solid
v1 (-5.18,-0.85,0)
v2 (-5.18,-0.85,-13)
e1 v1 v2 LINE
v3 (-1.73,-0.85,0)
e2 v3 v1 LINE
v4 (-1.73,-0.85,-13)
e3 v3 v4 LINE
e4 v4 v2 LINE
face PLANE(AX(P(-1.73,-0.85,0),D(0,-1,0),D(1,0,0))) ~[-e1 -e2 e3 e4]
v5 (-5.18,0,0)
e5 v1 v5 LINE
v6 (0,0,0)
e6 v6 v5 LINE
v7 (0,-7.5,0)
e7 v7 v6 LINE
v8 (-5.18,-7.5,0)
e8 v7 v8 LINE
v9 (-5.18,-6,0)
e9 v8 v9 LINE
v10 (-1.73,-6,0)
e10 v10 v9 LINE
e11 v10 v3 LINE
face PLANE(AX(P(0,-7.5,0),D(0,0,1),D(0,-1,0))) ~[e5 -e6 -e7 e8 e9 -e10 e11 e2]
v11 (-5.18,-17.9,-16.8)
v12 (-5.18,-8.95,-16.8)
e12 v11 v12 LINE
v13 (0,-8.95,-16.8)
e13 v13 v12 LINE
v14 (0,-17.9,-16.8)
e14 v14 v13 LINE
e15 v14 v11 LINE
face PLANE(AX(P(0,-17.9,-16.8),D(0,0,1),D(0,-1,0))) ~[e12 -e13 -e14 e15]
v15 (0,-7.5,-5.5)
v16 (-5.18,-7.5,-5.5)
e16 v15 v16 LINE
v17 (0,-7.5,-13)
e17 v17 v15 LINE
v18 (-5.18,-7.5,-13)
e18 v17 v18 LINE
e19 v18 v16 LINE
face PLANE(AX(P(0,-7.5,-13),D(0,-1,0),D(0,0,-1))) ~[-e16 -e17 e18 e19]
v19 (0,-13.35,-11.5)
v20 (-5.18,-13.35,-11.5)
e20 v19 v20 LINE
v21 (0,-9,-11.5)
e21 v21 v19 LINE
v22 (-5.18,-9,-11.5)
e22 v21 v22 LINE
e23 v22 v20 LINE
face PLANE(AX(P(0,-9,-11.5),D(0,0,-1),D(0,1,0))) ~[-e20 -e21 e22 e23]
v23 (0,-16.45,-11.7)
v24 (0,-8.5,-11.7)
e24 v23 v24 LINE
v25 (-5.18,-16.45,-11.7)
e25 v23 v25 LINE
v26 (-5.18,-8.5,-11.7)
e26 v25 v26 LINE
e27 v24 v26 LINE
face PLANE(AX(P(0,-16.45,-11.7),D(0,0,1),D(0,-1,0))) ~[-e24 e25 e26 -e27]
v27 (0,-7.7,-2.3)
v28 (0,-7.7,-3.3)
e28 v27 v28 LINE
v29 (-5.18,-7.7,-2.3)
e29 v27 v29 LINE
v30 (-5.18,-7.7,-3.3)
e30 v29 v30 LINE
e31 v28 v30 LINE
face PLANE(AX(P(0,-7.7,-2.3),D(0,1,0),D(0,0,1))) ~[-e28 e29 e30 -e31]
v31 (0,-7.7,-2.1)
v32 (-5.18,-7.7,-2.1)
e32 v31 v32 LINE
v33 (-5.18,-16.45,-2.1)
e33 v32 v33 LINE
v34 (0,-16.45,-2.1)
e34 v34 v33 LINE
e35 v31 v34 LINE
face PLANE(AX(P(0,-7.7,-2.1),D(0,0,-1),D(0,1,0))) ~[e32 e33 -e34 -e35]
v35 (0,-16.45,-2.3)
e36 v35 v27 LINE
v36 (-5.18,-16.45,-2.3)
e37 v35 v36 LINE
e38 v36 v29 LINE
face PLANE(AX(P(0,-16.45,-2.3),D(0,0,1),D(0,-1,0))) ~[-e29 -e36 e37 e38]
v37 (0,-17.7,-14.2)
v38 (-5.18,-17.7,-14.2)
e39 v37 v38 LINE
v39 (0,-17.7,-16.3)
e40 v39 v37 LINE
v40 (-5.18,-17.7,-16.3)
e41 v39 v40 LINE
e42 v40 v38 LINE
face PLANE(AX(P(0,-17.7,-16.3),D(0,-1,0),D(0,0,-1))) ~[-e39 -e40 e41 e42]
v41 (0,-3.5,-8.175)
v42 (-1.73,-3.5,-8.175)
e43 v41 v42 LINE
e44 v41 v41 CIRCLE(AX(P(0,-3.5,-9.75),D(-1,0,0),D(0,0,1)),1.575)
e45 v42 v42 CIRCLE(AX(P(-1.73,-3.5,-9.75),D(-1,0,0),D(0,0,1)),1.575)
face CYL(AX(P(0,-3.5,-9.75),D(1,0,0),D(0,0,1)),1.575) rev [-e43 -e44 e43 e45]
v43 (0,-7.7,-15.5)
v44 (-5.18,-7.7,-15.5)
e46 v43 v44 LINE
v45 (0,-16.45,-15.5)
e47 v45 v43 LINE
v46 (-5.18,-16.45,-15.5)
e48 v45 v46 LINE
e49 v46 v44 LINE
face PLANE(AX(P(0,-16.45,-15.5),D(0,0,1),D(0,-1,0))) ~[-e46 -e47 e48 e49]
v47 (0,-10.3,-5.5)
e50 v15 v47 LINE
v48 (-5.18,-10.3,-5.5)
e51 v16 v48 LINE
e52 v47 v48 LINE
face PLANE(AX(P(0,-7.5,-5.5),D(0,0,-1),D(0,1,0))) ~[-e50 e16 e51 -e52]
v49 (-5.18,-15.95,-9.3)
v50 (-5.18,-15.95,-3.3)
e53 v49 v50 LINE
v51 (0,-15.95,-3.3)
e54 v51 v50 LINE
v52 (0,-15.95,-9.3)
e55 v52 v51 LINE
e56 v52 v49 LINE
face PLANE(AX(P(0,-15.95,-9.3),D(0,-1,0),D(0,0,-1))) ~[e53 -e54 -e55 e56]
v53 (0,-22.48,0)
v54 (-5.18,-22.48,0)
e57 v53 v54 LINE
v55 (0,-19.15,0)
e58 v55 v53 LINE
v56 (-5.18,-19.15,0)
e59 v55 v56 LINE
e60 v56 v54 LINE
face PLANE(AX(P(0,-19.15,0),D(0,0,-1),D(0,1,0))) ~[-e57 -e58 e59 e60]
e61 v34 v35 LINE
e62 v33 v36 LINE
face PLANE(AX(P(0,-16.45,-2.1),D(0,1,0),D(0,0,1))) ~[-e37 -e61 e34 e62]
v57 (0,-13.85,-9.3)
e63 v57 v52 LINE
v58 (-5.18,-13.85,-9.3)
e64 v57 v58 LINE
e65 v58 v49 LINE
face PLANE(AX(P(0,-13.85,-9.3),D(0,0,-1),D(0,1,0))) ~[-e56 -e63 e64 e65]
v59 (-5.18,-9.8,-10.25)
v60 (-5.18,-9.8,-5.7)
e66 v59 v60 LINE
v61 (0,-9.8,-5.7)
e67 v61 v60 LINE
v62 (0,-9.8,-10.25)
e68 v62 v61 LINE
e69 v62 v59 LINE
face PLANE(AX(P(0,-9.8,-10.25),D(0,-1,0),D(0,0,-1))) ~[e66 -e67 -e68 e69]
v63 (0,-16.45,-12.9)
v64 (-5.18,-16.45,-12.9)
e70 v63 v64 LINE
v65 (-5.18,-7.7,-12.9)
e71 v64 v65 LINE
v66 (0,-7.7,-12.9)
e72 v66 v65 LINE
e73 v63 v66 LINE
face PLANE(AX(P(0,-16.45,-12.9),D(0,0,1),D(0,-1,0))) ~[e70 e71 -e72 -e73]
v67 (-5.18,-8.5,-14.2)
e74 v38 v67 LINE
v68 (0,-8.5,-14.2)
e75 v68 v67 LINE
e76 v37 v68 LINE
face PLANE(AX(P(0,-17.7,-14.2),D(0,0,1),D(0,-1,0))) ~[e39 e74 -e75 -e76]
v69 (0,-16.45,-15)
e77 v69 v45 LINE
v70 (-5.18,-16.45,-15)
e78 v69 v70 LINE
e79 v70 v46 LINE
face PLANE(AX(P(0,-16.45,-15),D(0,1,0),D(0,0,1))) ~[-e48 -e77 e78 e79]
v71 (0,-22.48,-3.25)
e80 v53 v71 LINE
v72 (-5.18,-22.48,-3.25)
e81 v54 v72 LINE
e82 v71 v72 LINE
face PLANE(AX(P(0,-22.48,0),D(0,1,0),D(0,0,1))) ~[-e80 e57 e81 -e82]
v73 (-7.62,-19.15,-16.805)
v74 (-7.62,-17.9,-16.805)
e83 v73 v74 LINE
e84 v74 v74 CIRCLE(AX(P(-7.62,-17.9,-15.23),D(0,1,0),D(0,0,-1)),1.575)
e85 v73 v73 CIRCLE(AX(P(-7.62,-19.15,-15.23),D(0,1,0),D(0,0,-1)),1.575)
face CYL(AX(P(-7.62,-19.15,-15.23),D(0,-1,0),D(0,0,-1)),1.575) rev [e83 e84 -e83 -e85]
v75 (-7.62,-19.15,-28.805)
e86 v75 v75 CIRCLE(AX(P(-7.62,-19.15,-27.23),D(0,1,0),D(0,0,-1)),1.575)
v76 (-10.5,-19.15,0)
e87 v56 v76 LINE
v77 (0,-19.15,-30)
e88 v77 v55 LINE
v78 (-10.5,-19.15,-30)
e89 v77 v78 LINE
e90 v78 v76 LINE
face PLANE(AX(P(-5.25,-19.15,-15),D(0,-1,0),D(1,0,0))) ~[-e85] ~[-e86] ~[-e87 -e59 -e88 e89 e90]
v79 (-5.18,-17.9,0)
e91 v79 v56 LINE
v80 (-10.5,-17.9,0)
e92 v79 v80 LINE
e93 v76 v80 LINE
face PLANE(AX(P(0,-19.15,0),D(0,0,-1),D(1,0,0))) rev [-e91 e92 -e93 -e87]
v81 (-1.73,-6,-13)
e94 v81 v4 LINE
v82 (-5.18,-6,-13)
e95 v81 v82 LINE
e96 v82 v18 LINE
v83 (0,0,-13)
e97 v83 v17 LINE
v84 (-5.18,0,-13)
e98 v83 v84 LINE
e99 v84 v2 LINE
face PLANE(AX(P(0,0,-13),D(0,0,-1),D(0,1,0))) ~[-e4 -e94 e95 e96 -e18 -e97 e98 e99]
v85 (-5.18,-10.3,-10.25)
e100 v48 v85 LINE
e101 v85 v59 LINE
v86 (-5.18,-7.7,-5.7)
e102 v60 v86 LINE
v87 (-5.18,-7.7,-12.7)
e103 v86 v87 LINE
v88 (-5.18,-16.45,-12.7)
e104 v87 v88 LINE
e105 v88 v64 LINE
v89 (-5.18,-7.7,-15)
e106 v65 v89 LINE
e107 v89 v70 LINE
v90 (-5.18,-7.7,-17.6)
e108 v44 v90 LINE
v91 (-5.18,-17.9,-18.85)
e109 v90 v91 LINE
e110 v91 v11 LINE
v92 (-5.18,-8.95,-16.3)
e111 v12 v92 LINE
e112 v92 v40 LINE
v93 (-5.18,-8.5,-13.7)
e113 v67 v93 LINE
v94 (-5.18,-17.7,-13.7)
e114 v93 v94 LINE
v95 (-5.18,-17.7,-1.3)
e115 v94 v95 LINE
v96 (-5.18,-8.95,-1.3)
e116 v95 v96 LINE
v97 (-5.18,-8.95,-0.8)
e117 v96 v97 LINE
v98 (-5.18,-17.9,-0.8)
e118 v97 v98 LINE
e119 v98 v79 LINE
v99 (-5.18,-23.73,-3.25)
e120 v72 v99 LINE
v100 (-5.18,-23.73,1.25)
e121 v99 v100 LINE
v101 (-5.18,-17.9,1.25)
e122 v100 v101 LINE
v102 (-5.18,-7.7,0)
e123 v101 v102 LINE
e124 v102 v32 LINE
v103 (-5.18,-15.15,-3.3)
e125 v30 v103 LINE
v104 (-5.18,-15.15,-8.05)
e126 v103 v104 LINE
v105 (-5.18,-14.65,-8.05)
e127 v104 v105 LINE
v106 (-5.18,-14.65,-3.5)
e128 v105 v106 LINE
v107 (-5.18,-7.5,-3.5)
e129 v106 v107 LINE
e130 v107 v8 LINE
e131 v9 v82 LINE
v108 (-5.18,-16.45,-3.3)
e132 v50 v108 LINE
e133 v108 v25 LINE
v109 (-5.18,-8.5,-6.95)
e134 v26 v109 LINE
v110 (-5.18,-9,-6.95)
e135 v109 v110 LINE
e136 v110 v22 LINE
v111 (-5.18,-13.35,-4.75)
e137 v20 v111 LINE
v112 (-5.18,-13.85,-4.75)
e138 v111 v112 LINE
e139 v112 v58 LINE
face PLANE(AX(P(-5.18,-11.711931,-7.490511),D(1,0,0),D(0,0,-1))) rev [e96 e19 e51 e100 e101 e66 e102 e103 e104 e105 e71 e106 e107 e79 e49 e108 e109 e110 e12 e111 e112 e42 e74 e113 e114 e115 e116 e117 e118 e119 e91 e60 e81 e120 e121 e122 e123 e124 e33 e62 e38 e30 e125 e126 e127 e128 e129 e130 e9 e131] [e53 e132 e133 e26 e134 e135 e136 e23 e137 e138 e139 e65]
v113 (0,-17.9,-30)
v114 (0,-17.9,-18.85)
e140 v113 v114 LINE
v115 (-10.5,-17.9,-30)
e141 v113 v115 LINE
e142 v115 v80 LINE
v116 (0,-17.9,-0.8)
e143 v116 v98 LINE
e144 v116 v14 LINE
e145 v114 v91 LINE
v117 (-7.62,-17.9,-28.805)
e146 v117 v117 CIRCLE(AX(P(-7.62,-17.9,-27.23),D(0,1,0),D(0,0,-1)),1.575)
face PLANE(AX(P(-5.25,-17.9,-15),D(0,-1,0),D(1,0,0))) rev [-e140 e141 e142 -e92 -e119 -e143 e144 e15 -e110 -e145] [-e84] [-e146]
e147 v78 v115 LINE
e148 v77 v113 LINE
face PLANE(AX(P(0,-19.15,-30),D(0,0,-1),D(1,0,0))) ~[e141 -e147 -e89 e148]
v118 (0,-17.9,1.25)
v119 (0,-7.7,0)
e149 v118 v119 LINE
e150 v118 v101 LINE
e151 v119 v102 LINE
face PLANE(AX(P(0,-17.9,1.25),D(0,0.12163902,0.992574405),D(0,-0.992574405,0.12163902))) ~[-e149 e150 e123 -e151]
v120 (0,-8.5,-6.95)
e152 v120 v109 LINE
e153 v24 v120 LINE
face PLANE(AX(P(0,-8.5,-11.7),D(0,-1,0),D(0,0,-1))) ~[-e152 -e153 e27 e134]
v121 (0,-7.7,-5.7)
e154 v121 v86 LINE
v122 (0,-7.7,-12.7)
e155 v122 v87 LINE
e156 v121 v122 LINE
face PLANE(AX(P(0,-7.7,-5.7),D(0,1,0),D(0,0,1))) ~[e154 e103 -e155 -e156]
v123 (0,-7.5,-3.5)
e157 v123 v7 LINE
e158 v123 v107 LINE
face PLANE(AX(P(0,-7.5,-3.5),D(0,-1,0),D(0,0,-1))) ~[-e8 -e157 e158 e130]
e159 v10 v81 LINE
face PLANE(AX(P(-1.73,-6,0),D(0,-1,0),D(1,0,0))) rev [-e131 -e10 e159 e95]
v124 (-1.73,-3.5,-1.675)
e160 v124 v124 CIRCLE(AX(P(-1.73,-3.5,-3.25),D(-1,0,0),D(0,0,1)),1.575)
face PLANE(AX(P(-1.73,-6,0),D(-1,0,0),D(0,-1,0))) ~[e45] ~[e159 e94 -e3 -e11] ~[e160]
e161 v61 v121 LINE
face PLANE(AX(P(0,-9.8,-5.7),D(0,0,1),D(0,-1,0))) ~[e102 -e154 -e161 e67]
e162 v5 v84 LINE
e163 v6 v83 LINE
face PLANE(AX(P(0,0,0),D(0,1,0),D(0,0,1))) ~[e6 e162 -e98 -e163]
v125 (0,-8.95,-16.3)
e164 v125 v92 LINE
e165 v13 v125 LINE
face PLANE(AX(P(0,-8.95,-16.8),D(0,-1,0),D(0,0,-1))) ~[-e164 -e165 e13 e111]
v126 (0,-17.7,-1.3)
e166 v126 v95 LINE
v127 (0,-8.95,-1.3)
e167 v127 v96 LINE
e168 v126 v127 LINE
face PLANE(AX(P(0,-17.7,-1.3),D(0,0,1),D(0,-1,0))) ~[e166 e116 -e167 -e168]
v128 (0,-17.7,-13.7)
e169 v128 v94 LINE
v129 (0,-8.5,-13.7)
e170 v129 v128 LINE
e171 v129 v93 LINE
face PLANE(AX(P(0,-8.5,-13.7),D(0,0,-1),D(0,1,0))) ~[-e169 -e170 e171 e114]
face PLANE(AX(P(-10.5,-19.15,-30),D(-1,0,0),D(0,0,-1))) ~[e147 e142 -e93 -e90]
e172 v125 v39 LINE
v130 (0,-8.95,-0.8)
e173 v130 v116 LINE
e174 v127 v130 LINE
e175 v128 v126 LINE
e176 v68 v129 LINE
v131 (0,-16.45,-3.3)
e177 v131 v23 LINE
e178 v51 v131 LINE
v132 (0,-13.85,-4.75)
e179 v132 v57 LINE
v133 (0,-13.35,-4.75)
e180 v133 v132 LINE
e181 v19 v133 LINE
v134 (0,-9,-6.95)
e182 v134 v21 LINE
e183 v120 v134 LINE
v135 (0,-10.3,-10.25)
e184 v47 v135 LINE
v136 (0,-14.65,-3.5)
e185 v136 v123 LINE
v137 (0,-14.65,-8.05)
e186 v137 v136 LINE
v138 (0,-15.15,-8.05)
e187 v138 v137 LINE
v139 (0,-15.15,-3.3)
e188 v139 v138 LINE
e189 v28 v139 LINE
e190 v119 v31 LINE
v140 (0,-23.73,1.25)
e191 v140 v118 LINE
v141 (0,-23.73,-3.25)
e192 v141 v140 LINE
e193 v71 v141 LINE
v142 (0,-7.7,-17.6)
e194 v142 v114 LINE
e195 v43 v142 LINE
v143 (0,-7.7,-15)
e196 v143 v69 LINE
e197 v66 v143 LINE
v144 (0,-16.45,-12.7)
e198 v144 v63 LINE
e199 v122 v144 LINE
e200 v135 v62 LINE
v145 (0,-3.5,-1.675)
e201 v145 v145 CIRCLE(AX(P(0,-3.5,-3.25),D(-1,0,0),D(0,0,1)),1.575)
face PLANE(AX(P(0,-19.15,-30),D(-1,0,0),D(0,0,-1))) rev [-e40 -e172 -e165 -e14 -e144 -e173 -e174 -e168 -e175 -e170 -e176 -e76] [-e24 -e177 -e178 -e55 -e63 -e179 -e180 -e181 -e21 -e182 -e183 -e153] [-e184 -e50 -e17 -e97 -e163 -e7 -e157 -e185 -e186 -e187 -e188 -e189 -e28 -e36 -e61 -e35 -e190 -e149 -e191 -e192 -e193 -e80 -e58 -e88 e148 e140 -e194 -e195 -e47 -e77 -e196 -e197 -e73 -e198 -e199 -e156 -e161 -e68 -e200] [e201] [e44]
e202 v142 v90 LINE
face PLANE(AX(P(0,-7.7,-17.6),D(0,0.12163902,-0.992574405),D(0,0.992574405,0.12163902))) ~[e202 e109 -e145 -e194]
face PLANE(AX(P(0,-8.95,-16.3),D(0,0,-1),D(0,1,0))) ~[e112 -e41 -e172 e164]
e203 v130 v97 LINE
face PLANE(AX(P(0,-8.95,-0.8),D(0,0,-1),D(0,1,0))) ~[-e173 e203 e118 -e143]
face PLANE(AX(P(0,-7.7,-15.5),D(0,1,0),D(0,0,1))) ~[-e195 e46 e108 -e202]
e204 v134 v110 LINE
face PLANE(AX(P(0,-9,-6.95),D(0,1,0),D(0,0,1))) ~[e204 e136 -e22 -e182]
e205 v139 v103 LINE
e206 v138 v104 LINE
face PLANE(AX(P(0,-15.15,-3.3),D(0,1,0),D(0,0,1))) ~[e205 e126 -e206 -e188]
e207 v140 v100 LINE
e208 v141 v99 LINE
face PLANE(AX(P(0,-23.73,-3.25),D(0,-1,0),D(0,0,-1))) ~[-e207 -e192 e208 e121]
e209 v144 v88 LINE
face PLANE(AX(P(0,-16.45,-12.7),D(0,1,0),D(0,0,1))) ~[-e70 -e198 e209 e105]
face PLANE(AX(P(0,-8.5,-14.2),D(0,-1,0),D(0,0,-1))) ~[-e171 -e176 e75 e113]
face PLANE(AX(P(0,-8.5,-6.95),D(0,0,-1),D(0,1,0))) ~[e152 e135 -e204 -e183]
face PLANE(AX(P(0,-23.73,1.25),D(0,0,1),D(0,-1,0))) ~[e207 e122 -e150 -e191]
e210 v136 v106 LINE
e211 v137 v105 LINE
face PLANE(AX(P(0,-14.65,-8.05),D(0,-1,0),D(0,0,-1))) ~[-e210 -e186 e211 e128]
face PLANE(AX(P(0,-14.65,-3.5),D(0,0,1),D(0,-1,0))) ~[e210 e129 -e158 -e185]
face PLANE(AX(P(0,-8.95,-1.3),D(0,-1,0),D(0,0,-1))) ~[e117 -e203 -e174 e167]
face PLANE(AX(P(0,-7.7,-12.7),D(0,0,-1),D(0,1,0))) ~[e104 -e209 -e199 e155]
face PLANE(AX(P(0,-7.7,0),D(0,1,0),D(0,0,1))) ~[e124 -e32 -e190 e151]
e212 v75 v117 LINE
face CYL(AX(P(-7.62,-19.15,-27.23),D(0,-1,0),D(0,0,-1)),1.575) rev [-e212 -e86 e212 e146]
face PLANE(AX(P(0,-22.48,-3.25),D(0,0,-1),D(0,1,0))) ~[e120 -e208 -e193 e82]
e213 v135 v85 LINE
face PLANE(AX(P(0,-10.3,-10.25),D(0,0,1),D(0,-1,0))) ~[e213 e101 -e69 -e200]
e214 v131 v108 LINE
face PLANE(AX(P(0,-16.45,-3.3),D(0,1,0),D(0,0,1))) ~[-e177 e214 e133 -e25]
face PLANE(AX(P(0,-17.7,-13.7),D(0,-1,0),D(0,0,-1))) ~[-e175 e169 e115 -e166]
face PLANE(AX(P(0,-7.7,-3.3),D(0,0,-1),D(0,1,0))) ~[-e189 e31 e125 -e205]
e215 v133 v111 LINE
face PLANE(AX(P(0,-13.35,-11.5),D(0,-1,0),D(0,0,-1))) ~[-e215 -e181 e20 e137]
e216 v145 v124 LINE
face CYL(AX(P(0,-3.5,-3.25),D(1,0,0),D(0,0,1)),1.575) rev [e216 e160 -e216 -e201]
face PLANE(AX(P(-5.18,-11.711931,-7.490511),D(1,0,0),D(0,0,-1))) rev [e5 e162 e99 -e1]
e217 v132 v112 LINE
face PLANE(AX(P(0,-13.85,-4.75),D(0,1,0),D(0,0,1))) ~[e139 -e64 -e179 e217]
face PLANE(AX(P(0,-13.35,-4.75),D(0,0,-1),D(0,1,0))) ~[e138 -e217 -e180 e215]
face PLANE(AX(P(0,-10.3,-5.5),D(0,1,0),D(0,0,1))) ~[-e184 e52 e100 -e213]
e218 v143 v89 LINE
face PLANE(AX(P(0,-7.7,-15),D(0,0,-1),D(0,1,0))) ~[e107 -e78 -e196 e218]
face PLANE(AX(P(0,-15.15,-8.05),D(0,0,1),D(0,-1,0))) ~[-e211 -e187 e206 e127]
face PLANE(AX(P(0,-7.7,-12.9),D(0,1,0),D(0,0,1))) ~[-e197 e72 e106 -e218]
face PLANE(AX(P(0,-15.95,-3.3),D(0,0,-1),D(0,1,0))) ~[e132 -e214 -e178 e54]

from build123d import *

# Parameters (mm, degrees)
BOSS_EXTRUDE1_DEPTH = 5.18
CUT_EXTRUDE1_REACH  = 32.745
SKETCH2_W           = 3.45
SKETCH2_H           = 5.15
SKETCH3_W           = 10.5
SKETCH3_H           = 30
SKETCH3_R           = 1.575
BOSS_EXTRUDE2_DEPTH = 1.25
CUT_EXTRUDE3_REACH  = 41.666
SKETCH7_R           = 1.575


with BuildPart() as part:
    # Sketch1 → Boss-Extrude1 (new body)
    with BuildSketch(Plane(origin=(0, 0, 0), x_dir=(0, 0, -1), z_dir=(1, 0, 0))):
        Polygon((0, 0), (13, 0), (13, -7.5), (5.5, -7.5), (5.5, -10.3), (10.25, -10.3), (10.25, -9.8), (5.7, -9.8), (5.7, -7.7), (12.7, -7.7), (12.7, -16.45), (12.9, -16.45), (12.9, -7.7), (15, -7.7), (15, -16.45), (15.5, -16.45), (15.5, -7.7), (17.6, -7.7), (18.85, -17.9), (18.85, -19.15), (0, -19.15), (0, -22.48), (3.25, -22.48), (3.25, -23.73), (-1.25, -23.73), (-1.25, -17.9), (0, -7.7), (2.1, -7.7), (2.1, -16.45), (2.3, -16.45), (2.3, -7.7), (3.3, -7.7), (3.3, -15.15), (8.05, -15.15), (8.05, -14.65), (3.5, -14.65), (3.5, -7.5), (0, -7.5), align=None)
        Polygon((13.7, -8.5), (13.7, -17.7), (1.3, -17.7), (1.3, -8.95), (0.8, -8.95), (0.8, -17.9), (16.8, -17.9), (16.8, -8.95), (16.3, -8.95), (16.3, -17.7), (14.2, -17.7), (14.2, -8.5), align=None, mode=Mode.SUBTRACT)
        Polygon((3.3, -16.45), (11.7, -16.45), (11.7, -8.5), (6.95, -8.5), (6.95, -9), (11.5, -9), (11.5, -13.35), (4.75, -13.35), (4.75, -13.85), (9.3, -13.85), (9.3, -15.95), (3.3, -15.95), align=None, mode=Mode.SUBTRACT)
    extrude(amount=BOSS_EXTRUDE1_DEPTH)

    # Sketch2 → Cut-Extrude1 (cut, up to next)
    with BuildSketch(Plane.XY, mode=Mode.PRIVATE) as cut_extrude1_sk1:
        with Locations((3.455, -3.425)):
            Rectangle(SKETCH2_W, SKETCH2_H)
    cut_extrude1_tool1 = extrude(cut_extrude1_sk1.sketch, amount=-CUT_EXTRUDE1_REACH, mode=Mode.PRIVATE) & part.part
    add(cut_extrude1_tool1.solids().sort_by_distance((3.455, -3.425, 0))[0], mode=Mode.SUBTRACT)

    # Sketch3 → Boss-Extrude2 (add)
    with BuildSketch(Plane.XZ.offset(19.15)):
        with Locations((5.25, -15)):
            Rectangle(SKETCH3_W, SKETCH3_H)
        with Locations(Location((7.62, -15.23, 0), (0, 0, 270))):
            Circle(SKETCH3_R, mode=Mode.SUBTRACT)
        with Locations(Location((7.62, -27.23, 0), (0, 0, 270))):
            Circle(SKETCH3_R, mode=Mode.SUBTRACT)
    extrude(amount=-BOSS_EXTRUDE2_DEPTH)

    # Sketch7 → Cut-Extrude3 (cut, up to next)
    with BuildSketch(Plane.ZY, mode=Mode.PRIVATE) as cut_extrude3_sk1:
        with Locations((-3.25, -3.5)):
            Circle(SKETCH7_R)
    cut_extrude3_tool1 = extrude(cut_extrude3_sk1.sketch, amount=-CUT_EXTRUDE3_REACH, mode=Mode.PRIVATE) & part.part
    # Sketch7 → Cut-Extrude3 (cut, up to next)
    with BuildSketch(Plane.ZY, mode=Mode.PRIVATE) as cut_extrude3_sk2:
        with Locations((-9.75, -3.5)):
            Circle(SKETCH7_R)
    cut_extrude3_tool2 = extrude(cut_extrude3_sk2.sketch, amount=-CUT_EXTRUDE3_REACH, mode=Mode.PRIVATE) & part.part
    add(cut_extrude3_tool1.solids().sort_by_distance((0, -3.5, -3.25))[0], mode=Mode.SUBTRACT)
    add(cut_extrude3_tool2.solids().sort_by_distance((0, -3.5, -9.75))[0], mode=Mode.SUBTRACT)


with BuildPart() as body_2:
    # Mirror3: mirrored copy
    add(part.part.mirror(Plane(origin=(0, 0, 0), x_dir=(0, 0, 1), z_dir=(1, 0, 0))))


solid = body_2.part
